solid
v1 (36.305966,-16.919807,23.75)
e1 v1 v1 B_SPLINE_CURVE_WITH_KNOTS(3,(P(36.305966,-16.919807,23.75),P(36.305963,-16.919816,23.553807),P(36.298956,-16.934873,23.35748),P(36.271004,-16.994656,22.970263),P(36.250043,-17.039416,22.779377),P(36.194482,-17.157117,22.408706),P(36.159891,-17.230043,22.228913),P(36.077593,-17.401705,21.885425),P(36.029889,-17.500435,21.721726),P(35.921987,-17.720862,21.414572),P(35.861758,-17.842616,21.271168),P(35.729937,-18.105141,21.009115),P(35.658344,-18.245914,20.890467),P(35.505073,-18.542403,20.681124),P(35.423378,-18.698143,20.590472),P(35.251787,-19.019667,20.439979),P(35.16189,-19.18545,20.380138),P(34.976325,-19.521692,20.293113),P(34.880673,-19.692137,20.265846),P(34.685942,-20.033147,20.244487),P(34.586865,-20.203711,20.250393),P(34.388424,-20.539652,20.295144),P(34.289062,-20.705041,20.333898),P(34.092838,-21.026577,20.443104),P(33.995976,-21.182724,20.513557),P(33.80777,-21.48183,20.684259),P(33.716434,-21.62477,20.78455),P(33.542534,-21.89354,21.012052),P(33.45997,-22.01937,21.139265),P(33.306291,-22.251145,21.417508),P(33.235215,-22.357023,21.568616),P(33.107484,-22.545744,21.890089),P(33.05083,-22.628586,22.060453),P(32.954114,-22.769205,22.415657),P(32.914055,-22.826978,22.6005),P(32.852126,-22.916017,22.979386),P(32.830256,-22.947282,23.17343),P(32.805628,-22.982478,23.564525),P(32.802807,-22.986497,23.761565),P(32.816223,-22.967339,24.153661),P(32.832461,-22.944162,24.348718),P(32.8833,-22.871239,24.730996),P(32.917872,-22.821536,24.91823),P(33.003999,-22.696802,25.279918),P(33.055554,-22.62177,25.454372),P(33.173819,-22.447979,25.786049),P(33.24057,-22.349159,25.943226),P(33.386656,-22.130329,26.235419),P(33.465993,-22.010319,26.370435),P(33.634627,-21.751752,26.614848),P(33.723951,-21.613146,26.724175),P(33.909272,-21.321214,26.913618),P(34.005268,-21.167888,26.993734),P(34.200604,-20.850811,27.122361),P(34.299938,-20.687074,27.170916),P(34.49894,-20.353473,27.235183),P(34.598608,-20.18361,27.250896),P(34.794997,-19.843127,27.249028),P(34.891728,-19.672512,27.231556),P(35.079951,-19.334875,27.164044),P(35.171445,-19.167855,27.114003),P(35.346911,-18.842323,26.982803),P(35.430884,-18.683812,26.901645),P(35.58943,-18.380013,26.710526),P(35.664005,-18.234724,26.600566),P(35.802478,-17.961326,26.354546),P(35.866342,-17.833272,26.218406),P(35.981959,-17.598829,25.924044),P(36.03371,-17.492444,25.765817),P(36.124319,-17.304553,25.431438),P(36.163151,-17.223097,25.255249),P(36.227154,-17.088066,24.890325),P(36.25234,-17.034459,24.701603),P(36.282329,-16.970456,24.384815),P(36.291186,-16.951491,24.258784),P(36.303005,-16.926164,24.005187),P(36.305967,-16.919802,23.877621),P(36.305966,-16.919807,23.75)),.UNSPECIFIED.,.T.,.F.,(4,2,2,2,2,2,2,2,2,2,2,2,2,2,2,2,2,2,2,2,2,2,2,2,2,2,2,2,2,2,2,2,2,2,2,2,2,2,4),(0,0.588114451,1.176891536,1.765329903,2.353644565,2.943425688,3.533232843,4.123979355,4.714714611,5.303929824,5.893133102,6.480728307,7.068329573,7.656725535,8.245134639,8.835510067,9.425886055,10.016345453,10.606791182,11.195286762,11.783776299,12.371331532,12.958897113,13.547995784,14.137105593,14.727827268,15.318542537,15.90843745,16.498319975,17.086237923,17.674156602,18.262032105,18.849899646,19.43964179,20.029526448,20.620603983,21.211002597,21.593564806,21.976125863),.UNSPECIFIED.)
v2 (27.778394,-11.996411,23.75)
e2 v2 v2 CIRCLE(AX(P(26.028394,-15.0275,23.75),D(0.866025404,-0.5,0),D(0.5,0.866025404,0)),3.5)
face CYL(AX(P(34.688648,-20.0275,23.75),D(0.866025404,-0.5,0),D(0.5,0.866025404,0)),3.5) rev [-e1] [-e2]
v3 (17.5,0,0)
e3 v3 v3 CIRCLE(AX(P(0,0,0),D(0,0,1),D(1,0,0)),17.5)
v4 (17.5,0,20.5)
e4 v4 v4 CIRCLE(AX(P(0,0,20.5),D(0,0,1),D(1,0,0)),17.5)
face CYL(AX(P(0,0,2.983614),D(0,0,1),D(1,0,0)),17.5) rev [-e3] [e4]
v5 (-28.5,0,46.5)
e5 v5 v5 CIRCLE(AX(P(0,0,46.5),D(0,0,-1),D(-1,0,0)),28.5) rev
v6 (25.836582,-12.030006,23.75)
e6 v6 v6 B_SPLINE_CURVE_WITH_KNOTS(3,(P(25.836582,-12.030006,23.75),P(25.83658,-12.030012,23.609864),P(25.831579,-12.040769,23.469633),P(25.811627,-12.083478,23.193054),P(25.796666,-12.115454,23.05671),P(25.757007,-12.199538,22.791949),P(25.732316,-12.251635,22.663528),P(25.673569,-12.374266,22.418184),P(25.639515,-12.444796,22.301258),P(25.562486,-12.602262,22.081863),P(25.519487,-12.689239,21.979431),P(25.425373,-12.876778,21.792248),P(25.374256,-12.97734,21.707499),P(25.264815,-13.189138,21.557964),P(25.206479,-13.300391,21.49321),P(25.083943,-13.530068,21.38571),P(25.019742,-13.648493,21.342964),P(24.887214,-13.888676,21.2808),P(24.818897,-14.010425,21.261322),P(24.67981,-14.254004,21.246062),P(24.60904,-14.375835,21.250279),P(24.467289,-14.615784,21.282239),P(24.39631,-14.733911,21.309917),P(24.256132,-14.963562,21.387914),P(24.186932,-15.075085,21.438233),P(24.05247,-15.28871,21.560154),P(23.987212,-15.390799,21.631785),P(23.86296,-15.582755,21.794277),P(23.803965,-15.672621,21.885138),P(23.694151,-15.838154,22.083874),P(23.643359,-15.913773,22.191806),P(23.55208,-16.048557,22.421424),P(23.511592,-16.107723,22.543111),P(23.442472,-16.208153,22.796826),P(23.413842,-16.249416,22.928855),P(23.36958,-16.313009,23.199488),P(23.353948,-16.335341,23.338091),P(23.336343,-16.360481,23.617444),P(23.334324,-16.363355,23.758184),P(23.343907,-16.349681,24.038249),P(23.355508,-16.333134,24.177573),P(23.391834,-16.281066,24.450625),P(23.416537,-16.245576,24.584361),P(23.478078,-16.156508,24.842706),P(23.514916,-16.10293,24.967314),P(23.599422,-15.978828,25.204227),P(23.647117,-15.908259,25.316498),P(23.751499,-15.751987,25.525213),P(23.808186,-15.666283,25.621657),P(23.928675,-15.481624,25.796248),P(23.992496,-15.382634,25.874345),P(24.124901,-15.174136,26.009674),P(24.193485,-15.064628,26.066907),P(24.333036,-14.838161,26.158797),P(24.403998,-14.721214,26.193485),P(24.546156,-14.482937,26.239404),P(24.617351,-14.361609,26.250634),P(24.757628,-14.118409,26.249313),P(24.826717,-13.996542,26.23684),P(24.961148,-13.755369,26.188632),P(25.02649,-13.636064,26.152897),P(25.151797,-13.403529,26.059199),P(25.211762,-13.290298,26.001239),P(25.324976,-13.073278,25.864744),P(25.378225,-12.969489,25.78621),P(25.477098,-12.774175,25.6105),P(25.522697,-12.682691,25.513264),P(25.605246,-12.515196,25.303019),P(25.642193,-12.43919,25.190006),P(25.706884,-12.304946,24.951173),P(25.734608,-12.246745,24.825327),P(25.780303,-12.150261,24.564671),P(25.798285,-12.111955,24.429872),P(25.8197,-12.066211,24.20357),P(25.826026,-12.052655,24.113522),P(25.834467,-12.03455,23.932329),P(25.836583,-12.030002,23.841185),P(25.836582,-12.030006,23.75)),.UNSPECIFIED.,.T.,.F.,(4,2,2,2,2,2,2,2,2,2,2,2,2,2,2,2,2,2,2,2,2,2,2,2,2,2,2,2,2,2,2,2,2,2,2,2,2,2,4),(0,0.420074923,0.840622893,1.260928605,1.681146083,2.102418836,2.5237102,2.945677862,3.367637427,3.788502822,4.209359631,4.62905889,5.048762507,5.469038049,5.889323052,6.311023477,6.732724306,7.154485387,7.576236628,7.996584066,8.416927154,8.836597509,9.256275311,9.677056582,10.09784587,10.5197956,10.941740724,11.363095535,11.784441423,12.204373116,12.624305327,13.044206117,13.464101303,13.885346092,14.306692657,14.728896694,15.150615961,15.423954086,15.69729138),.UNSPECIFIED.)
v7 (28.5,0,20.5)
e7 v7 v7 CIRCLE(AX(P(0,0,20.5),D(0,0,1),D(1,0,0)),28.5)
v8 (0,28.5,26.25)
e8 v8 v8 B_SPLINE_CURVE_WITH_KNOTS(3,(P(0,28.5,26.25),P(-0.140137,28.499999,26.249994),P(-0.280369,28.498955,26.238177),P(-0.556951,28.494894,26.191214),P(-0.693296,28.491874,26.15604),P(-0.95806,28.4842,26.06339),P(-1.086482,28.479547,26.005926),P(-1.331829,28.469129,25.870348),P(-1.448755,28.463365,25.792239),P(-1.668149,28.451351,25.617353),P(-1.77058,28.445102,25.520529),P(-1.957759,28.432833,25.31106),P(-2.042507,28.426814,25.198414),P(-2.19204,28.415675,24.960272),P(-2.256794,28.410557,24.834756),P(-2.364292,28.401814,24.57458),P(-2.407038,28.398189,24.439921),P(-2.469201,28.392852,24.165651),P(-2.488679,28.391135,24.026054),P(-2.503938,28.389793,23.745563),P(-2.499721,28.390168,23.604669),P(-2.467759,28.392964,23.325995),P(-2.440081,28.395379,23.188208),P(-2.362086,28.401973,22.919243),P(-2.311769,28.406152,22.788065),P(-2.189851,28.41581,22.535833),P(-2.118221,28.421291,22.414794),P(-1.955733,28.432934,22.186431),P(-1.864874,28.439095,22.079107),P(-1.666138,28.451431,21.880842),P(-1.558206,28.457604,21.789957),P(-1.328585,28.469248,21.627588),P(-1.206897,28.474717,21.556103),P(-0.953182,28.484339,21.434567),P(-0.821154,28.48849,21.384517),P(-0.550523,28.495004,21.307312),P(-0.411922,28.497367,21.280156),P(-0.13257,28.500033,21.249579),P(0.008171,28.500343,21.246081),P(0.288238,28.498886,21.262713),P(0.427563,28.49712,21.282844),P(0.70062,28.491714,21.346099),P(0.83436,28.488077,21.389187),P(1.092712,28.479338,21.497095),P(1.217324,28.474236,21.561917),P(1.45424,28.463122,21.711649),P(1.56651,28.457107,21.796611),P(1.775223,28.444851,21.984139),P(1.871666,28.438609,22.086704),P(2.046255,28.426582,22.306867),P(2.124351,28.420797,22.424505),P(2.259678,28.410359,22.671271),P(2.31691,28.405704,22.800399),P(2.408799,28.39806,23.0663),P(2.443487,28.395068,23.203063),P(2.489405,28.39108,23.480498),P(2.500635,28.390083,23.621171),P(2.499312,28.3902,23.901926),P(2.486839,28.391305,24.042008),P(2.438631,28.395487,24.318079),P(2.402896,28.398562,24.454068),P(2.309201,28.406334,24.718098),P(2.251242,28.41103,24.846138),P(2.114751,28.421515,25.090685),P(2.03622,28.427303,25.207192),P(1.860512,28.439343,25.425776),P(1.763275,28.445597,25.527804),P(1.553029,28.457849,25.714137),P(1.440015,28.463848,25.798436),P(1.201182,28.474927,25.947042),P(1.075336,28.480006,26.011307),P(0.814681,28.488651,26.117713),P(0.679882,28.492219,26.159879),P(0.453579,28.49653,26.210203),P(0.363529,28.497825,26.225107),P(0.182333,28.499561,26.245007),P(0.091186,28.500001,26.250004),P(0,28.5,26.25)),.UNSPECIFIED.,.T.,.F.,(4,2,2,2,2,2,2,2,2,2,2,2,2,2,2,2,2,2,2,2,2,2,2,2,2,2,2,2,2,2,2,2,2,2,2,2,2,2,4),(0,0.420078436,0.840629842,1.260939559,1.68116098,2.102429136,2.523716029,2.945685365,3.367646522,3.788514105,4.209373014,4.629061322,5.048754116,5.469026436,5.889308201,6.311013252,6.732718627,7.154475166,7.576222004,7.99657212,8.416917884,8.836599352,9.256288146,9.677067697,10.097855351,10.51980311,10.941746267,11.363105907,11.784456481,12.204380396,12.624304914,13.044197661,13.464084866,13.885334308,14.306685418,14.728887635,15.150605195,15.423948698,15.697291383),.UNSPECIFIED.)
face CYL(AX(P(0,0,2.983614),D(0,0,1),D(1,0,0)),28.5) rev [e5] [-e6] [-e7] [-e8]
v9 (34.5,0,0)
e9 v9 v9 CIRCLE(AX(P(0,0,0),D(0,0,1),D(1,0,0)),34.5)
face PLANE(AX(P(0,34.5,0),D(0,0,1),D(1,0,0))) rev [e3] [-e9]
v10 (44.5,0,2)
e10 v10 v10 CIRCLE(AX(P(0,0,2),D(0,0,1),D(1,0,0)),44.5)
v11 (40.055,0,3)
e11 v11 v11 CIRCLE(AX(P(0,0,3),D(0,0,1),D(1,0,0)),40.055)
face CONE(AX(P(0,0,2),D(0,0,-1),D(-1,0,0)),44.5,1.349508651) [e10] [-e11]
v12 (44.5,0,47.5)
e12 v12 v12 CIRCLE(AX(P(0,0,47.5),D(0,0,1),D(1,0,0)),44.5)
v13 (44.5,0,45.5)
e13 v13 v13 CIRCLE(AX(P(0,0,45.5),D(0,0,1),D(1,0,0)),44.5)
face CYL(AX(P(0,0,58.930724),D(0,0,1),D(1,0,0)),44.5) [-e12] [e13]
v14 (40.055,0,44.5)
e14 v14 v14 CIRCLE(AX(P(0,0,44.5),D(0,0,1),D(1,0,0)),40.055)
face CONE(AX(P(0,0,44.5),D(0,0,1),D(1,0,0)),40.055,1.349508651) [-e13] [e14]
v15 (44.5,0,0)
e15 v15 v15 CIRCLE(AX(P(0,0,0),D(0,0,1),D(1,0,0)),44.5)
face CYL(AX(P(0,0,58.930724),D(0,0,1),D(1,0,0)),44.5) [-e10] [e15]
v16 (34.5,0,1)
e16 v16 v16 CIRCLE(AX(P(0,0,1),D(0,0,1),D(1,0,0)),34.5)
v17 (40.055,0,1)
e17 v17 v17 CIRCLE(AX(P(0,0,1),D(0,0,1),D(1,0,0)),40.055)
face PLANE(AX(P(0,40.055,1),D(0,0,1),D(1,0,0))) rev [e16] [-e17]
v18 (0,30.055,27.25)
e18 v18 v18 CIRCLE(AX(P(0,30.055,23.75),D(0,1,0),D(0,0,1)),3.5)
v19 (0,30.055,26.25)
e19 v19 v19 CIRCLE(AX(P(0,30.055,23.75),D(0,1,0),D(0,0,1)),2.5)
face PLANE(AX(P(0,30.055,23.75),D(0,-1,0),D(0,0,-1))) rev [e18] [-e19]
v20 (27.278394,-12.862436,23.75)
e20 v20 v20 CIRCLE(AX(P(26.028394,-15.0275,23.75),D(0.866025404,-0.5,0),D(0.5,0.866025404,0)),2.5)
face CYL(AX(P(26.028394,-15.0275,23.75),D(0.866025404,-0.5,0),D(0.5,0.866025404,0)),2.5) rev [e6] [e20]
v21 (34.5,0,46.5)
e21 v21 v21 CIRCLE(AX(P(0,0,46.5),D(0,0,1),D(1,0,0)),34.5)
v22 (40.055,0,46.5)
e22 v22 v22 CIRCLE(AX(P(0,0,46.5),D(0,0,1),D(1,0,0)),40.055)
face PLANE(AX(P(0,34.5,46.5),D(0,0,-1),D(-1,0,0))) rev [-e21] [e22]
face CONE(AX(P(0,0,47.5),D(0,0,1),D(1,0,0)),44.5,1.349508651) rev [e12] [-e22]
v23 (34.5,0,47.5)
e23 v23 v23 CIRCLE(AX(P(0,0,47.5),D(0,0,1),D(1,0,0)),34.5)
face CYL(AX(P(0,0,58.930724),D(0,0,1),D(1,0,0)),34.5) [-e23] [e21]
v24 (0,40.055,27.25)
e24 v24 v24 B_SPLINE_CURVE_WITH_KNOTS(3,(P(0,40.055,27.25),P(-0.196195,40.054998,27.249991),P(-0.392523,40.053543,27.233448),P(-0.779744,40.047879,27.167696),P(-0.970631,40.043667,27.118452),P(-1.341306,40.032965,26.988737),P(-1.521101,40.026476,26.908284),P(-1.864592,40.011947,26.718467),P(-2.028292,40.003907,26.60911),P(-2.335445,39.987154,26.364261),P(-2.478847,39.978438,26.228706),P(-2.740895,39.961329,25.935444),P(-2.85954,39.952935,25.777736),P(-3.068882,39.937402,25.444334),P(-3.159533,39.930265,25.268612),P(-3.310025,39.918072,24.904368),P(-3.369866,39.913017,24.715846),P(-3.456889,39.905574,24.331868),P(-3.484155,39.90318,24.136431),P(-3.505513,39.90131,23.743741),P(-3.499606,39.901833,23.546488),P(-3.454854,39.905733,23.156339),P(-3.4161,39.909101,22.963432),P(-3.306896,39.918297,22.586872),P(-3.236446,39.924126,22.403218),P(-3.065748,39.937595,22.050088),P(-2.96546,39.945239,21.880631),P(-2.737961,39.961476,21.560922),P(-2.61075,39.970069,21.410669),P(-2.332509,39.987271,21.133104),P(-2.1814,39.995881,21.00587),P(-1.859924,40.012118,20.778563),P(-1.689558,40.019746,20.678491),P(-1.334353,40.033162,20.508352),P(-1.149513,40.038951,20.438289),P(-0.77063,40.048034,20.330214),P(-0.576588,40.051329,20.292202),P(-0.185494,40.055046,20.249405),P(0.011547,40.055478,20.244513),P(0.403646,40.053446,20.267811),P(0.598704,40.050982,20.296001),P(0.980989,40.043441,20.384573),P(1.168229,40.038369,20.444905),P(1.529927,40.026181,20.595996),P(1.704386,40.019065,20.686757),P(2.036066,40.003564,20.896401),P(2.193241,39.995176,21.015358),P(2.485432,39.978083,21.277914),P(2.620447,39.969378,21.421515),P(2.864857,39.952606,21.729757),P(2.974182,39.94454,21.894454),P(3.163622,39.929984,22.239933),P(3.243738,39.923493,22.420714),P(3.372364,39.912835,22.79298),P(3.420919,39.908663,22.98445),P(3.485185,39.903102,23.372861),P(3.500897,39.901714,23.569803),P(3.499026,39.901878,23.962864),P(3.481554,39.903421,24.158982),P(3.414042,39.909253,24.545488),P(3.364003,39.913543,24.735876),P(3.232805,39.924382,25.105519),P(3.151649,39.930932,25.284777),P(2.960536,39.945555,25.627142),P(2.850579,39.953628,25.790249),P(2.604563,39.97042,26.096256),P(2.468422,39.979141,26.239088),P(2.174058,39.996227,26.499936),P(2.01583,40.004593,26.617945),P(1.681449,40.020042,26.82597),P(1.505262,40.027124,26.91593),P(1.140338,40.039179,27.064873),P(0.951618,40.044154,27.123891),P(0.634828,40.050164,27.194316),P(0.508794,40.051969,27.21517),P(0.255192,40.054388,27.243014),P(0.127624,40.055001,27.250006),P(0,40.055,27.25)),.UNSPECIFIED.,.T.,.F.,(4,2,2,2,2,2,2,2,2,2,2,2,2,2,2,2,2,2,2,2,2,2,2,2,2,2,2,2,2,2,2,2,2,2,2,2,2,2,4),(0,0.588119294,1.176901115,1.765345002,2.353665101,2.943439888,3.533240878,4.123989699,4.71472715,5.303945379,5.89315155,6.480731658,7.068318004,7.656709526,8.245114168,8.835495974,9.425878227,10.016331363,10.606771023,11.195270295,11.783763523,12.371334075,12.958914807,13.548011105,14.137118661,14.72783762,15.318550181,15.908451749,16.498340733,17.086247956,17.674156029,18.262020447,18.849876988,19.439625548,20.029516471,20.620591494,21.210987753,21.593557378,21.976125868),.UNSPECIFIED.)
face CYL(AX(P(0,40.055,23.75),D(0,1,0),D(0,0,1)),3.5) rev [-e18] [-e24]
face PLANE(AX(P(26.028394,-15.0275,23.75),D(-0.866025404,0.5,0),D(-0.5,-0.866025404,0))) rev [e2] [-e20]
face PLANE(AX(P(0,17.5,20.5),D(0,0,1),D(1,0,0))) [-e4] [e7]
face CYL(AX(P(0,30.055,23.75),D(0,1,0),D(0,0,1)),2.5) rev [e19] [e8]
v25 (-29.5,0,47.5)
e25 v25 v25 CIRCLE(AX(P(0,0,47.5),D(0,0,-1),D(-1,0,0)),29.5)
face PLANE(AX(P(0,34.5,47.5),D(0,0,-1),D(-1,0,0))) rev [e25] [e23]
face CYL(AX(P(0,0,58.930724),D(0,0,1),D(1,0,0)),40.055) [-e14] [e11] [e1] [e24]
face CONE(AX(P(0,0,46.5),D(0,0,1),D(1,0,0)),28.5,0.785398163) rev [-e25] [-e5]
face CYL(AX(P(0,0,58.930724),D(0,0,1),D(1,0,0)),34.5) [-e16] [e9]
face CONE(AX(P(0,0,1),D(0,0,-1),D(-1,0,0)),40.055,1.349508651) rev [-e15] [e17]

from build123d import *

# Parameters (mm, degrees)
F_7_0_7_DIAMETER_HOLE1_D     = 7
F_7_0_7_DIAMETER_HOLE1_DEPTH = 10
M6X1_0_TAPPED_HOLE1_REACH    = 100.969
M6X1_0_TAPPED_HOLE1_BORE_R   = 2.5
CIRPATTERN1_COUNT            = 2
CIRPATTERN1_ANGLE            = 120
CHAMFER1_SIZE                = 1


with BuildPart() as part:
    # Sketch1 → Revolve1 (revolve)
    with BuildSketch(Plane(origin=(0, 0, 0), x_dir=(0, 0, -1), z_dir=(1, 0, 0)), mode=Mode.PRIVATE) as revolve1_sk:
        Polygon((-47.5, 34.5), (-46.5, 34.5), (-46.5, 40.055), (-47.5, 44.5), (-45.5, 44.5), (-44.5, 40.055), (-3, 40.055), (-2, 44.5), (0, 44.5), (-1, 40.055), (-1, 34.5), (0, 34.5), (0, 0), (-47.5, 0), align=None)
    revolve(revolve1_sk.sketch.rotate(Axis((0, 0, 58.930723614), (0, 0, -1)), 90), axis=Axis((0, 0, 58.930723614), (0, 0, -1)))

    # Sketch2 → Cut-Revolve1 (revolve, cut)
    with BuildSketch(Plane(origin=(0, 0, 0), x_dir=(0, 0, -1), z_dir=(1, 0, 0)), mode=Mode.PRIVATE) as cut_revolve1_sk:
        Polygon((-20.5, 17.5), (0, 17.5), (0, 0), (-47.5, 0), (-47.5, 28.5), (-20.5, 28.5), align=None)
    revolve(cut_revolve1_sk.sketch.rotate(Axis((0, 0, 2.983613524), (0, 0, -1)), 90), axis=Axis((0, 0, 2.983613524), (0, 0, -1)), mode=Mode.SUBTRACT)

    # Ø7.0 (7) Diameter Hole1
    with Locations(Plane(origin=(0, 40.055, 0), x_dir=(-1, 0, 0), z_dir=(0, 1, 0))):
        with Locations((0, 23.75)):
            f_7_0_7_diameter_hole1 = Hole(F_7_0_7_DIAMETER_HOLE1_D / 2, depth=F_7_0_7_DIAMETER_HOLE1_DEPTH)

    # M6x1.0 Tapped Hole1 bore → M6x1.0 Tapped Hole1 (cut, up to next)
    with BuildSketch(Plane(origin=(0, 30.055, 0), x_dir=(-1, 0, 0), z_dir=(0, 1, 0)), mode=Mode.PRIVATE) as m6x1_0_tapped_hole1_sk1:
        with Locations((0, 23.75)):
            Circle(M6X1_0_TAPPED_HOLE1_BORE_R)
    m6x1_0_tapped_hole1_tool1 = extrude(m6x1_0_tapped_hole1_sk1.sketch, amount=-M6X1_0_TAPPED_HOLE1_REACH, mode=Mode.PRIVATE) & part.part
    m6x1_0_tapped_hole1 = m6x1_0_tapped_hole1_tool1.solids().sort_by_distance((0, 30.055, 23.75))[0]
    add(m6x1_0_tapped_hole1, mode=Mode.SUBTRACT)

    # CirPattern1: Ø7.0 (7) Diameter Hole1, M6x1.0 Tapped Hole1 ×2 about axis
    cirpattern1_axis = Axis((0, 0, 2.983613524), (0, 0, -1))
    add([f_7_0_7_diameter_hole1.rotate(cirpattern1_axis, i * CIRPATTERN1_ANGLE / (CIRPATTERN1_COUNT - 1)) for i in range(1, CIRPATTERN1_COUNT)], mode=Mode.SUBTRACT)
    add([m6x1_0_tapped_hole1.rotate(cirpattern1_axis, i * CIRPATTERN1_ANGLE / (CIRPATTERN1_COUNT - 1)) for i in range(1, CIRPATTERN1_COUNT)], mode=Mode.SUBTRACT)

    # Chamfer1
    chamfer1_edges = [part.edges().sort_by_distance(p)[0] for p in [
        (-28.5, 0, 47.5),
    ]]
    chamfer(chamfer1_edges, length=CHAMFER1_SIZE)


solid = part.part
